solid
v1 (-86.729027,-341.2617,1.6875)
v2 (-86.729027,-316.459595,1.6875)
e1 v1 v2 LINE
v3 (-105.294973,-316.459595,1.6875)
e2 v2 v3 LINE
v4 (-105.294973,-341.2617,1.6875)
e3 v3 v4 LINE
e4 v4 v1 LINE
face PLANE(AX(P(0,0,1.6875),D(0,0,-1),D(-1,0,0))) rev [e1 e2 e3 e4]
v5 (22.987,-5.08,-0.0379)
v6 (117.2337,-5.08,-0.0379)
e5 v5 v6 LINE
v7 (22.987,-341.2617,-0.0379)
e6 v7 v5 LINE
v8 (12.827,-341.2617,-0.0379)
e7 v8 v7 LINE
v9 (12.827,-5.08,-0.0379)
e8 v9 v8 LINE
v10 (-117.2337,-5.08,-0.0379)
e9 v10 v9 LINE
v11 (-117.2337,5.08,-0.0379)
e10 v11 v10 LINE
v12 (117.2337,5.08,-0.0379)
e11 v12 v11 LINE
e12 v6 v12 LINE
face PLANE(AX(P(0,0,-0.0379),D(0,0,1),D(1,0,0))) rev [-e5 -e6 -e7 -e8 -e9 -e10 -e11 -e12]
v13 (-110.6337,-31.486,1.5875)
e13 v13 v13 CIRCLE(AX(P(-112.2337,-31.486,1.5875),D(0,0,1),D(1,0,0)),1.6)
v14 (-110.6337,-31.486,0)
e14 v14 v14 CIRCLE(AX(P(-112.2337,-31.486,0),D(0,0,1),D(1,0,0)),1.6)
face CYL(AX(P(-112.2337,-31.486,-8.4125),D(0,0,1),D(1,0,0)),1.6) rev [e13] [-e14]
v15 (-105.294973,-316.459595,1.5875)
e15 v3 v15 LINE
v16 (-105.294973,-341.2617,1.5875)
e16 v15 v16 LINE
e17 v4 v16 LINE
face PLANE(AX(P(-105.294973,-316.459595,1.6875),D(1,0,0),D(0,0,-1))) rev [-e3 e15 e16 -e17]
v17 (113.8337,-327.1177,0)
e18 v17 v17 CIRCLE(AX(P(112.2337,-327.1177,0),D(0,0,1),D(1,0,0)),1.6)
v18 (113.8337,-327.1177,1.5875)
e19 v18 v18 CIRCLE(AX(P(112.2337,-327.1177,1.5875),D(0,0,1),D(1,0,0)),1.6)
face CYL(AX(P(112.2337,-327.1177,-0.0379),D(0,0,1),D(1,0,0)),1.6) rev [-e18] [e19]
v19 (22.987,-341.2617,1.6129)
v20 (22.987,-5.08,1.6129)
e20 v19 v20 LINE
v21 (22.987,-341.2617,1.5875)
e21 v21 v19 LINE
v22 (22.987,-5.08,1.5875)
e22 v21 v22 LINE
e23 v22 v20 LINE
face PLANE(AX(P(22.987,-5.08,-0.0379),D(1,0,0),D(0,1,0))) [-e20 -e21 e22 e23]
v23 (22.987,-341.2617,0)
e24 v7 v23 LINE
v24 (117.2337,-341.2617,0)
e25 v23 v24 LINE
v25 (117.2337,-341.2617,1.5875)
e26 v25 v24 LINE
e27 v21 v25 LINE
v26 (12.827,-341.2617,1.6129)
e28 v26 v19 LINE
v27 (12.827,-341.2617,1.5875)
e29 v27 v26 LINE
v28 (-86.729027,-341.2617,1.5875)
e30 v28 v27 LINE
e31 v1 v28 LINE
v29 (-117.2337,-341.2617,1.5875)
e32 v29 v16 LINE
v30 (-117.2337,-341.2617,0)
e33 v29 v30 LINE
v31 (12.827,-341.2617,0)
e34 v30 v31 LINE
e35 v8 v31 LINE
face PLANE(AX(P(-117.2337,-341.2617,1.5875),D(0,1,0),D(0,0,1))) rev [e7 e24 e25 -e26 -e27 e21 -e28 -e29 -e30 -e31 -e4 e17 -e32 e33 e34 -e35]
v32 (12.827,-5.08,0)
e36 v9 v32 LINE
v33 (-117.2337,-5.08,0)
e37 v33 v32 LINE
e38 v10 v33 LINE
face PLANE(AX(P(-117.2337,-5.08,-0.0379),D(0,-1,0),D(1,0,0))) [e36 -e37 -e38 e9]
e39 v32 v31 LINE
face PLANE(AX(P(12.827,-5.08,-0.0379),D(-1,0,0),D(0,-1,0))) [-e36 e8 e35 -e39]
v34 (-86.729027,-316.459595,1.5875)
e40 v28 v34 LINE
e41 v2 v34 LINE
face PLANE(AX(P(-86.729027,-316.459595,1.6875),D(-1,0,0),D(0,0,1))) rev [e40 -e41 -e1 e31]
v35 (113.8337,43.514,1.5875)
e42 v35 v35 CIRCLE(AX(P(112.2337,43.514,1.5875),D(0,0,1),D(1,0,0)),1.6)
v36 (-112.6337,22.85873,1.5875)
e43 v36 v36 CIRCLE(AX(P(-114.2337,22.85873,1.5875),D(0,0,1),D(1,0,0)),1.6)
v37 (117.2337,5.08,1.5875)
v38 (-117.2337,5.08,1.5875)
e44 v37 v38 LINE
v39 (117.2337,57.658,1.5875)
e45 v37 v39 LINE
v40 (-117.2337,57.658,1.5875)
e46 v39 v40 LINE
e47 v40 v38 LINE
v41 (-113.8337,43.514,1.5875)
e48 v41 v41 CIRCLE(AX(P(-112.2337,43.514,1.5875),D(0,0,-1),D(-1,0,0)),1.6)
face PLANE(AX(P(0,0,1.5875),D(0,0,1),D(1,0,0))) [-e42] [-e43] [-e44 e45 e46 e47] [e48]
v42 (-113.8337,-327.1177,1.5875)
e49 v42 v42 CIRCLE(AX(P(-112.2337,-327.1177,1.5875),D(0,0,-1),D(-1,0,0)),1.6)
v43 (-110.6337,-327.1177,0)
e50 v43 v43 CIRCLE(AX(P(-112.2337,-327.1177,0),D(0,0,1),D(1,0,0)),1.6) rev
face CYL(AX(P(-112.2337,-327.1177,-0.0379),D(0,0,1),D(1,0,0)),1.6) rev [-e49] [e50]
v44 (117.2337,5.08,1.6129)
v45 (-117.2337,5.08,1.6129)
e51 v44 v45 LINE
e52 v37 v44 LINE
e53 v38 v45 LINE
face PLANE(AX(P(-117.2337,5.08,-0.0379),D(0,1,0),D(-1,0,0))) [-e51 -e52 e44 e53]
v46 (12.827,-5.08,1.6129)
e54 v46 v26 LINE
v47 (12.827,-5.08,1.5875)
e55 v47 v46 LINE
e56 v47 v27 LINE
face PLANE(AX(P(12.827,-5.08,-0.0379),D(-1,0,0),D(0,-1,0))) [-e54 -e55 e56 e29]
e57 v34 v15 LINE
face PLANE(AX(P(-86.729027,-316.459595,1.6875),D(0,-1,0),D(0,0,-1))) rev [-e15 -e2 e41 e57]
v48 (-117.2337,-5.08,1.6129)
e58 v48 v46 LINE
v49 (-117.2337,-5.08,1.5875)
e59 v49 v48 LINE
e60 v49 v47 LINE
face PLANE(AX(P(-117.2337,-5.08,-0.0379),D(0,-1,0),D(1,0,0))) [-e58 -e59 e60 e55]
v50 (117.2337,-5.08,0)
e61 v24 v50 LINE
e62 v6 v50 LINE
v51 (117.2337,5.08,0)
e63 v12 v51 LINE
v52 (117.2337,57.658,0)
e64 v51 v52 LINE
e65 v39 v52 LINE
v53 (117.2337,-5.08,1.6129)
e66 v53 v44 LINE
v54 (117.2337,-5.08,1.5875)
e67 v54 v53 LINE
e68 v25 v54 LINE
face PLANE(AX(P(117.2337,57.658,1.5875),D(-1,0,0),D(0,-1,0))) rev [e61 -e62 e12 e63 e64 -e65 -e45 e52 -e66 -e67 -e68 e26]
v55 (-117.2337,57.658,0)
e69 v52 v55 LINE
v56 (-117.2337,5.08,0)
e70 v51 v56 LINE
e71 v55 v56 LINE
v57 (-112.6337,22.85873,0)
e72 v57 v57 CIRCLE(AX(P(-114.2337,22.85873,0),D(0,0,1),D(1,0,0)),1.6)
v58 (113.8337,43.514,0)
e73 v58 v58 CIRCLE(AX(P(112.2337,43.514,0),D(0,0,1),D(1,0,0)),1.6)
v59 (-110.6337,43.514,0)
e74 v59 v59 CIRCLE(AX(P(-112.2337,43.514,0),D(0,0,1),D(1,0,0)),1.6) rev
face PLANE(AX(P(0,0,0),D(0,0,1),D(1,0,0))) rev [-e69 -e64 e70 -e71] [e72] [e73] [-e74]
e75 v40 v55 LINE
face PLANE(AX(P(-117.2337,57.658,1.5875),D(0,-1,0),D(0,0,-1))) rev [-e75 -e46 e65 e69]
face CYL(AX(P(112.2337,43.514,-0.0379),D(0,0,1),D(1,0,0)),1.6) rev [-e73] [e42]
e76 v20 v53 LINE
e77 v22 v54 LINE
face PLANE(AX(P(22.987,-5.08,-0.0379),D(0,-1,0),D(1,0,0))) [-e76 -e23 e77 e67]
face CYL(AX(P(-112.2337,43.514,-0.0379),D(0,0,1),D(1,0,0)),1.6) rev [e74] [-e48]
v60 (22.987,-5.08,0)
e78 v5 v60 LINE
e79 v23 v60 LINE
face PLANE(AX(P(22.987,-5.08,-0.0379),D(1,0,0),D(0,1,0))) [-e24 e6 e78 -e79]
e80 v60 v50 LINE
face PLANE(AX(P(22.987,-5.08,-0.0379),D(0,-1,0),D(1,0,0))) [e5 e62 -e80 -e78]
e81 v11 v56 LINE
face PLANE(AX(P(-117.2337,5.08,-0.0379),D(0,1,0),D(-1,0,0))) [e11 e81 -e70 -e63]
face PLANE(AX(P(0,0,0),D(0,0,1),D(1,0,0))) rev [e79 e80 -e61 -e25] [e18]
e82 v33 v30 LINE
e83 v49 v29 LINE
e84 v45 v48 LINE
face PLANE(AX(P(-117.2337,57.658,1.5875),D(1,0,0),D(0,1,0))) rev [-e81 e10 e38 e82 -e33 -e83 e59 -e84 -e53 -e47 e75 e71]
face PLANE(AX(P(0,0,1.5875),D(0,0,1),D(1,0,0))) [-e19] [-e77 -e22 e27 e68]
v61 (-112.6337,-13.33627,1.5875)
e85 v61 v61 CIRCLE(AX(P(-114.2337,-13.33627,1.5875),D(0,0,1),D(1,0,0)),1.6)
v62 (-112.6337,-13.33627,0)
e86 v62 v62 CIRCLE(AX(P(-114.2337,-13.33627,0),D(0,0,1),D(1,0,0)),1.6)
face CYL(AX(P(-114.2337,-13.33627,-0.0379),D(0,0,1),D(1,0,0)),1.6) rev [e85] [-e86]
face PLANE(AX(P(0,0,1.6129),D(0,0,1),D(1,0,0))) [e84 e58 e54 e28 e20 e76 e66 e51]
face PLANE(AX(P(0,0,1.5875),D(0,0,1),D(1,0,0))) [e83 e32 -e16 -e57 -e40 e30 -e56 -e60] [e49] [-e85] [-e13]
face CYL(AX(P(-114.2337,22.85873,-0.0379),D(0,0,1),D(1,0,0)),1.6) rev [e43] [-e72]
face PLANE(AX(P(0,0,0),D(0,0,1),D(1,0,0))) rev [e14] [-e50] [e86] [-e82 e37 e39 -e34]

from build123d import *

# Parameters (mm, degrees)
SKETCH1_W                = 234.4674
SKETCH1_H                = 398.9197
BOSS_EXTRUDE1_DEPTH      = 1.5875
BOSS_EXTRUDE2_DEPTH      = 0.0254
BOSS_EXTRUDE2_DEPTH_BACK = 1.6254
SKETCH5_R                = 1.6
CUT_EXTRUDE1_DEPTH       = 2.6254
SKETCH6_W                = 18.565945636
SKETCH6_H                = 24.802104659
BOSS_EXTRUDE3_DEPTH      = 0.1
SKETCH8_R                = 1.6
CUT_EXTRUDE2_DEPTH       = 2.6254
SKETCH7_R                = 1.6
CUT_EXTRUDE3_DEPTH       = 10


with BuildPart() as part:
    # Sketch1 → Boss-Extrude1 (new body)
    with BuildSketch(Plane.XY):
        with Locations((0, -141.80185)):
            Rectangle(SKETCH1_W, SKETCH1_H)
    extrude(amount=BOSS_EXTRUDE1_DEPTH)

    # Sketch4 → Boss-Extrude2 (add, two sides)
    with BuildSketch(Plane.XY.offset(1.5875)) as boss_extrude2_sk:
        Polygon((-117.2337, 5.08), (117.2337, 5.08), (117.2337, -5.08), (22.987, -5.08), (22.987, -341.2617), (12.827, -341.2617), (12.827, -5.08), (-117.2337, -5.08), align=None)
    extrude(amount=BOSS_EXTRUDE2_DEPTH)
    extrude(boss_extrude2_sk.sketch, amount=-BOSS_EXTRUDE2_DEPTH_BACK)

    # Sketch5 → Cut-Extrude1 (cut, through all)
    with BuildSketch(Plane.XY.offset(1.5875)):
        with Locations((112.2337, 43.514)):
            Circle(SKETCH5_R)
        with Locations((112.2337, -327.1177)):
            Circle(SKETCH5_R)
    cut_extrude1 = extrude(amount=-CUT_EXTRUDE1_DEPTH, mode=Mode.SUBTRACT)

    # Mirror3: Cut-Extrude1 across plane
    add(cut_extrude1.mirror(Plane(origin=(0, 0, 0), x_dir=(0, 0, 1), z_dir=(1, 0, 0))), mode=Mode.SUBTRACT)

    # Sketch6 → Boss-Extrude3 (add)
    with BuildSketch(Plane.XY.offset(1.5875)):
        with Locations((-96.012, -328.860647671)):
            Rectangle(SKETCH6_W, SKETCH6_H)
    extrude(amount=BOSS_EXTRUDE3_DEPTH)

    # Sketch8 → Cut-Extrude2 (cut, through all)
    with BuildSketch(Plane.XY.offset(1.5875)):
        with Locations((-114.2337, 22.85873)):
            Circle(SKETCH8_R)
        with Locations((-114.2337, -13.33627)):
            Circle(SKETCH8_R)
    extrude(amount=-CUT_EXTRUDE2_DEPTH, mode=Mode.SUBTRACT)

    # Sketch7 → Cut-Extrude3 (cut)
    with BuildSketch(Plane.XY.offset(1.5875)):
        with Locations((-112.2337, -31.486)):
            Circle(SKETCH7_R)
    extrude(amount=-CUT_EXTRUDE3_DEPTH, mode=Mode.SUBTRACT)


solid = part.part
